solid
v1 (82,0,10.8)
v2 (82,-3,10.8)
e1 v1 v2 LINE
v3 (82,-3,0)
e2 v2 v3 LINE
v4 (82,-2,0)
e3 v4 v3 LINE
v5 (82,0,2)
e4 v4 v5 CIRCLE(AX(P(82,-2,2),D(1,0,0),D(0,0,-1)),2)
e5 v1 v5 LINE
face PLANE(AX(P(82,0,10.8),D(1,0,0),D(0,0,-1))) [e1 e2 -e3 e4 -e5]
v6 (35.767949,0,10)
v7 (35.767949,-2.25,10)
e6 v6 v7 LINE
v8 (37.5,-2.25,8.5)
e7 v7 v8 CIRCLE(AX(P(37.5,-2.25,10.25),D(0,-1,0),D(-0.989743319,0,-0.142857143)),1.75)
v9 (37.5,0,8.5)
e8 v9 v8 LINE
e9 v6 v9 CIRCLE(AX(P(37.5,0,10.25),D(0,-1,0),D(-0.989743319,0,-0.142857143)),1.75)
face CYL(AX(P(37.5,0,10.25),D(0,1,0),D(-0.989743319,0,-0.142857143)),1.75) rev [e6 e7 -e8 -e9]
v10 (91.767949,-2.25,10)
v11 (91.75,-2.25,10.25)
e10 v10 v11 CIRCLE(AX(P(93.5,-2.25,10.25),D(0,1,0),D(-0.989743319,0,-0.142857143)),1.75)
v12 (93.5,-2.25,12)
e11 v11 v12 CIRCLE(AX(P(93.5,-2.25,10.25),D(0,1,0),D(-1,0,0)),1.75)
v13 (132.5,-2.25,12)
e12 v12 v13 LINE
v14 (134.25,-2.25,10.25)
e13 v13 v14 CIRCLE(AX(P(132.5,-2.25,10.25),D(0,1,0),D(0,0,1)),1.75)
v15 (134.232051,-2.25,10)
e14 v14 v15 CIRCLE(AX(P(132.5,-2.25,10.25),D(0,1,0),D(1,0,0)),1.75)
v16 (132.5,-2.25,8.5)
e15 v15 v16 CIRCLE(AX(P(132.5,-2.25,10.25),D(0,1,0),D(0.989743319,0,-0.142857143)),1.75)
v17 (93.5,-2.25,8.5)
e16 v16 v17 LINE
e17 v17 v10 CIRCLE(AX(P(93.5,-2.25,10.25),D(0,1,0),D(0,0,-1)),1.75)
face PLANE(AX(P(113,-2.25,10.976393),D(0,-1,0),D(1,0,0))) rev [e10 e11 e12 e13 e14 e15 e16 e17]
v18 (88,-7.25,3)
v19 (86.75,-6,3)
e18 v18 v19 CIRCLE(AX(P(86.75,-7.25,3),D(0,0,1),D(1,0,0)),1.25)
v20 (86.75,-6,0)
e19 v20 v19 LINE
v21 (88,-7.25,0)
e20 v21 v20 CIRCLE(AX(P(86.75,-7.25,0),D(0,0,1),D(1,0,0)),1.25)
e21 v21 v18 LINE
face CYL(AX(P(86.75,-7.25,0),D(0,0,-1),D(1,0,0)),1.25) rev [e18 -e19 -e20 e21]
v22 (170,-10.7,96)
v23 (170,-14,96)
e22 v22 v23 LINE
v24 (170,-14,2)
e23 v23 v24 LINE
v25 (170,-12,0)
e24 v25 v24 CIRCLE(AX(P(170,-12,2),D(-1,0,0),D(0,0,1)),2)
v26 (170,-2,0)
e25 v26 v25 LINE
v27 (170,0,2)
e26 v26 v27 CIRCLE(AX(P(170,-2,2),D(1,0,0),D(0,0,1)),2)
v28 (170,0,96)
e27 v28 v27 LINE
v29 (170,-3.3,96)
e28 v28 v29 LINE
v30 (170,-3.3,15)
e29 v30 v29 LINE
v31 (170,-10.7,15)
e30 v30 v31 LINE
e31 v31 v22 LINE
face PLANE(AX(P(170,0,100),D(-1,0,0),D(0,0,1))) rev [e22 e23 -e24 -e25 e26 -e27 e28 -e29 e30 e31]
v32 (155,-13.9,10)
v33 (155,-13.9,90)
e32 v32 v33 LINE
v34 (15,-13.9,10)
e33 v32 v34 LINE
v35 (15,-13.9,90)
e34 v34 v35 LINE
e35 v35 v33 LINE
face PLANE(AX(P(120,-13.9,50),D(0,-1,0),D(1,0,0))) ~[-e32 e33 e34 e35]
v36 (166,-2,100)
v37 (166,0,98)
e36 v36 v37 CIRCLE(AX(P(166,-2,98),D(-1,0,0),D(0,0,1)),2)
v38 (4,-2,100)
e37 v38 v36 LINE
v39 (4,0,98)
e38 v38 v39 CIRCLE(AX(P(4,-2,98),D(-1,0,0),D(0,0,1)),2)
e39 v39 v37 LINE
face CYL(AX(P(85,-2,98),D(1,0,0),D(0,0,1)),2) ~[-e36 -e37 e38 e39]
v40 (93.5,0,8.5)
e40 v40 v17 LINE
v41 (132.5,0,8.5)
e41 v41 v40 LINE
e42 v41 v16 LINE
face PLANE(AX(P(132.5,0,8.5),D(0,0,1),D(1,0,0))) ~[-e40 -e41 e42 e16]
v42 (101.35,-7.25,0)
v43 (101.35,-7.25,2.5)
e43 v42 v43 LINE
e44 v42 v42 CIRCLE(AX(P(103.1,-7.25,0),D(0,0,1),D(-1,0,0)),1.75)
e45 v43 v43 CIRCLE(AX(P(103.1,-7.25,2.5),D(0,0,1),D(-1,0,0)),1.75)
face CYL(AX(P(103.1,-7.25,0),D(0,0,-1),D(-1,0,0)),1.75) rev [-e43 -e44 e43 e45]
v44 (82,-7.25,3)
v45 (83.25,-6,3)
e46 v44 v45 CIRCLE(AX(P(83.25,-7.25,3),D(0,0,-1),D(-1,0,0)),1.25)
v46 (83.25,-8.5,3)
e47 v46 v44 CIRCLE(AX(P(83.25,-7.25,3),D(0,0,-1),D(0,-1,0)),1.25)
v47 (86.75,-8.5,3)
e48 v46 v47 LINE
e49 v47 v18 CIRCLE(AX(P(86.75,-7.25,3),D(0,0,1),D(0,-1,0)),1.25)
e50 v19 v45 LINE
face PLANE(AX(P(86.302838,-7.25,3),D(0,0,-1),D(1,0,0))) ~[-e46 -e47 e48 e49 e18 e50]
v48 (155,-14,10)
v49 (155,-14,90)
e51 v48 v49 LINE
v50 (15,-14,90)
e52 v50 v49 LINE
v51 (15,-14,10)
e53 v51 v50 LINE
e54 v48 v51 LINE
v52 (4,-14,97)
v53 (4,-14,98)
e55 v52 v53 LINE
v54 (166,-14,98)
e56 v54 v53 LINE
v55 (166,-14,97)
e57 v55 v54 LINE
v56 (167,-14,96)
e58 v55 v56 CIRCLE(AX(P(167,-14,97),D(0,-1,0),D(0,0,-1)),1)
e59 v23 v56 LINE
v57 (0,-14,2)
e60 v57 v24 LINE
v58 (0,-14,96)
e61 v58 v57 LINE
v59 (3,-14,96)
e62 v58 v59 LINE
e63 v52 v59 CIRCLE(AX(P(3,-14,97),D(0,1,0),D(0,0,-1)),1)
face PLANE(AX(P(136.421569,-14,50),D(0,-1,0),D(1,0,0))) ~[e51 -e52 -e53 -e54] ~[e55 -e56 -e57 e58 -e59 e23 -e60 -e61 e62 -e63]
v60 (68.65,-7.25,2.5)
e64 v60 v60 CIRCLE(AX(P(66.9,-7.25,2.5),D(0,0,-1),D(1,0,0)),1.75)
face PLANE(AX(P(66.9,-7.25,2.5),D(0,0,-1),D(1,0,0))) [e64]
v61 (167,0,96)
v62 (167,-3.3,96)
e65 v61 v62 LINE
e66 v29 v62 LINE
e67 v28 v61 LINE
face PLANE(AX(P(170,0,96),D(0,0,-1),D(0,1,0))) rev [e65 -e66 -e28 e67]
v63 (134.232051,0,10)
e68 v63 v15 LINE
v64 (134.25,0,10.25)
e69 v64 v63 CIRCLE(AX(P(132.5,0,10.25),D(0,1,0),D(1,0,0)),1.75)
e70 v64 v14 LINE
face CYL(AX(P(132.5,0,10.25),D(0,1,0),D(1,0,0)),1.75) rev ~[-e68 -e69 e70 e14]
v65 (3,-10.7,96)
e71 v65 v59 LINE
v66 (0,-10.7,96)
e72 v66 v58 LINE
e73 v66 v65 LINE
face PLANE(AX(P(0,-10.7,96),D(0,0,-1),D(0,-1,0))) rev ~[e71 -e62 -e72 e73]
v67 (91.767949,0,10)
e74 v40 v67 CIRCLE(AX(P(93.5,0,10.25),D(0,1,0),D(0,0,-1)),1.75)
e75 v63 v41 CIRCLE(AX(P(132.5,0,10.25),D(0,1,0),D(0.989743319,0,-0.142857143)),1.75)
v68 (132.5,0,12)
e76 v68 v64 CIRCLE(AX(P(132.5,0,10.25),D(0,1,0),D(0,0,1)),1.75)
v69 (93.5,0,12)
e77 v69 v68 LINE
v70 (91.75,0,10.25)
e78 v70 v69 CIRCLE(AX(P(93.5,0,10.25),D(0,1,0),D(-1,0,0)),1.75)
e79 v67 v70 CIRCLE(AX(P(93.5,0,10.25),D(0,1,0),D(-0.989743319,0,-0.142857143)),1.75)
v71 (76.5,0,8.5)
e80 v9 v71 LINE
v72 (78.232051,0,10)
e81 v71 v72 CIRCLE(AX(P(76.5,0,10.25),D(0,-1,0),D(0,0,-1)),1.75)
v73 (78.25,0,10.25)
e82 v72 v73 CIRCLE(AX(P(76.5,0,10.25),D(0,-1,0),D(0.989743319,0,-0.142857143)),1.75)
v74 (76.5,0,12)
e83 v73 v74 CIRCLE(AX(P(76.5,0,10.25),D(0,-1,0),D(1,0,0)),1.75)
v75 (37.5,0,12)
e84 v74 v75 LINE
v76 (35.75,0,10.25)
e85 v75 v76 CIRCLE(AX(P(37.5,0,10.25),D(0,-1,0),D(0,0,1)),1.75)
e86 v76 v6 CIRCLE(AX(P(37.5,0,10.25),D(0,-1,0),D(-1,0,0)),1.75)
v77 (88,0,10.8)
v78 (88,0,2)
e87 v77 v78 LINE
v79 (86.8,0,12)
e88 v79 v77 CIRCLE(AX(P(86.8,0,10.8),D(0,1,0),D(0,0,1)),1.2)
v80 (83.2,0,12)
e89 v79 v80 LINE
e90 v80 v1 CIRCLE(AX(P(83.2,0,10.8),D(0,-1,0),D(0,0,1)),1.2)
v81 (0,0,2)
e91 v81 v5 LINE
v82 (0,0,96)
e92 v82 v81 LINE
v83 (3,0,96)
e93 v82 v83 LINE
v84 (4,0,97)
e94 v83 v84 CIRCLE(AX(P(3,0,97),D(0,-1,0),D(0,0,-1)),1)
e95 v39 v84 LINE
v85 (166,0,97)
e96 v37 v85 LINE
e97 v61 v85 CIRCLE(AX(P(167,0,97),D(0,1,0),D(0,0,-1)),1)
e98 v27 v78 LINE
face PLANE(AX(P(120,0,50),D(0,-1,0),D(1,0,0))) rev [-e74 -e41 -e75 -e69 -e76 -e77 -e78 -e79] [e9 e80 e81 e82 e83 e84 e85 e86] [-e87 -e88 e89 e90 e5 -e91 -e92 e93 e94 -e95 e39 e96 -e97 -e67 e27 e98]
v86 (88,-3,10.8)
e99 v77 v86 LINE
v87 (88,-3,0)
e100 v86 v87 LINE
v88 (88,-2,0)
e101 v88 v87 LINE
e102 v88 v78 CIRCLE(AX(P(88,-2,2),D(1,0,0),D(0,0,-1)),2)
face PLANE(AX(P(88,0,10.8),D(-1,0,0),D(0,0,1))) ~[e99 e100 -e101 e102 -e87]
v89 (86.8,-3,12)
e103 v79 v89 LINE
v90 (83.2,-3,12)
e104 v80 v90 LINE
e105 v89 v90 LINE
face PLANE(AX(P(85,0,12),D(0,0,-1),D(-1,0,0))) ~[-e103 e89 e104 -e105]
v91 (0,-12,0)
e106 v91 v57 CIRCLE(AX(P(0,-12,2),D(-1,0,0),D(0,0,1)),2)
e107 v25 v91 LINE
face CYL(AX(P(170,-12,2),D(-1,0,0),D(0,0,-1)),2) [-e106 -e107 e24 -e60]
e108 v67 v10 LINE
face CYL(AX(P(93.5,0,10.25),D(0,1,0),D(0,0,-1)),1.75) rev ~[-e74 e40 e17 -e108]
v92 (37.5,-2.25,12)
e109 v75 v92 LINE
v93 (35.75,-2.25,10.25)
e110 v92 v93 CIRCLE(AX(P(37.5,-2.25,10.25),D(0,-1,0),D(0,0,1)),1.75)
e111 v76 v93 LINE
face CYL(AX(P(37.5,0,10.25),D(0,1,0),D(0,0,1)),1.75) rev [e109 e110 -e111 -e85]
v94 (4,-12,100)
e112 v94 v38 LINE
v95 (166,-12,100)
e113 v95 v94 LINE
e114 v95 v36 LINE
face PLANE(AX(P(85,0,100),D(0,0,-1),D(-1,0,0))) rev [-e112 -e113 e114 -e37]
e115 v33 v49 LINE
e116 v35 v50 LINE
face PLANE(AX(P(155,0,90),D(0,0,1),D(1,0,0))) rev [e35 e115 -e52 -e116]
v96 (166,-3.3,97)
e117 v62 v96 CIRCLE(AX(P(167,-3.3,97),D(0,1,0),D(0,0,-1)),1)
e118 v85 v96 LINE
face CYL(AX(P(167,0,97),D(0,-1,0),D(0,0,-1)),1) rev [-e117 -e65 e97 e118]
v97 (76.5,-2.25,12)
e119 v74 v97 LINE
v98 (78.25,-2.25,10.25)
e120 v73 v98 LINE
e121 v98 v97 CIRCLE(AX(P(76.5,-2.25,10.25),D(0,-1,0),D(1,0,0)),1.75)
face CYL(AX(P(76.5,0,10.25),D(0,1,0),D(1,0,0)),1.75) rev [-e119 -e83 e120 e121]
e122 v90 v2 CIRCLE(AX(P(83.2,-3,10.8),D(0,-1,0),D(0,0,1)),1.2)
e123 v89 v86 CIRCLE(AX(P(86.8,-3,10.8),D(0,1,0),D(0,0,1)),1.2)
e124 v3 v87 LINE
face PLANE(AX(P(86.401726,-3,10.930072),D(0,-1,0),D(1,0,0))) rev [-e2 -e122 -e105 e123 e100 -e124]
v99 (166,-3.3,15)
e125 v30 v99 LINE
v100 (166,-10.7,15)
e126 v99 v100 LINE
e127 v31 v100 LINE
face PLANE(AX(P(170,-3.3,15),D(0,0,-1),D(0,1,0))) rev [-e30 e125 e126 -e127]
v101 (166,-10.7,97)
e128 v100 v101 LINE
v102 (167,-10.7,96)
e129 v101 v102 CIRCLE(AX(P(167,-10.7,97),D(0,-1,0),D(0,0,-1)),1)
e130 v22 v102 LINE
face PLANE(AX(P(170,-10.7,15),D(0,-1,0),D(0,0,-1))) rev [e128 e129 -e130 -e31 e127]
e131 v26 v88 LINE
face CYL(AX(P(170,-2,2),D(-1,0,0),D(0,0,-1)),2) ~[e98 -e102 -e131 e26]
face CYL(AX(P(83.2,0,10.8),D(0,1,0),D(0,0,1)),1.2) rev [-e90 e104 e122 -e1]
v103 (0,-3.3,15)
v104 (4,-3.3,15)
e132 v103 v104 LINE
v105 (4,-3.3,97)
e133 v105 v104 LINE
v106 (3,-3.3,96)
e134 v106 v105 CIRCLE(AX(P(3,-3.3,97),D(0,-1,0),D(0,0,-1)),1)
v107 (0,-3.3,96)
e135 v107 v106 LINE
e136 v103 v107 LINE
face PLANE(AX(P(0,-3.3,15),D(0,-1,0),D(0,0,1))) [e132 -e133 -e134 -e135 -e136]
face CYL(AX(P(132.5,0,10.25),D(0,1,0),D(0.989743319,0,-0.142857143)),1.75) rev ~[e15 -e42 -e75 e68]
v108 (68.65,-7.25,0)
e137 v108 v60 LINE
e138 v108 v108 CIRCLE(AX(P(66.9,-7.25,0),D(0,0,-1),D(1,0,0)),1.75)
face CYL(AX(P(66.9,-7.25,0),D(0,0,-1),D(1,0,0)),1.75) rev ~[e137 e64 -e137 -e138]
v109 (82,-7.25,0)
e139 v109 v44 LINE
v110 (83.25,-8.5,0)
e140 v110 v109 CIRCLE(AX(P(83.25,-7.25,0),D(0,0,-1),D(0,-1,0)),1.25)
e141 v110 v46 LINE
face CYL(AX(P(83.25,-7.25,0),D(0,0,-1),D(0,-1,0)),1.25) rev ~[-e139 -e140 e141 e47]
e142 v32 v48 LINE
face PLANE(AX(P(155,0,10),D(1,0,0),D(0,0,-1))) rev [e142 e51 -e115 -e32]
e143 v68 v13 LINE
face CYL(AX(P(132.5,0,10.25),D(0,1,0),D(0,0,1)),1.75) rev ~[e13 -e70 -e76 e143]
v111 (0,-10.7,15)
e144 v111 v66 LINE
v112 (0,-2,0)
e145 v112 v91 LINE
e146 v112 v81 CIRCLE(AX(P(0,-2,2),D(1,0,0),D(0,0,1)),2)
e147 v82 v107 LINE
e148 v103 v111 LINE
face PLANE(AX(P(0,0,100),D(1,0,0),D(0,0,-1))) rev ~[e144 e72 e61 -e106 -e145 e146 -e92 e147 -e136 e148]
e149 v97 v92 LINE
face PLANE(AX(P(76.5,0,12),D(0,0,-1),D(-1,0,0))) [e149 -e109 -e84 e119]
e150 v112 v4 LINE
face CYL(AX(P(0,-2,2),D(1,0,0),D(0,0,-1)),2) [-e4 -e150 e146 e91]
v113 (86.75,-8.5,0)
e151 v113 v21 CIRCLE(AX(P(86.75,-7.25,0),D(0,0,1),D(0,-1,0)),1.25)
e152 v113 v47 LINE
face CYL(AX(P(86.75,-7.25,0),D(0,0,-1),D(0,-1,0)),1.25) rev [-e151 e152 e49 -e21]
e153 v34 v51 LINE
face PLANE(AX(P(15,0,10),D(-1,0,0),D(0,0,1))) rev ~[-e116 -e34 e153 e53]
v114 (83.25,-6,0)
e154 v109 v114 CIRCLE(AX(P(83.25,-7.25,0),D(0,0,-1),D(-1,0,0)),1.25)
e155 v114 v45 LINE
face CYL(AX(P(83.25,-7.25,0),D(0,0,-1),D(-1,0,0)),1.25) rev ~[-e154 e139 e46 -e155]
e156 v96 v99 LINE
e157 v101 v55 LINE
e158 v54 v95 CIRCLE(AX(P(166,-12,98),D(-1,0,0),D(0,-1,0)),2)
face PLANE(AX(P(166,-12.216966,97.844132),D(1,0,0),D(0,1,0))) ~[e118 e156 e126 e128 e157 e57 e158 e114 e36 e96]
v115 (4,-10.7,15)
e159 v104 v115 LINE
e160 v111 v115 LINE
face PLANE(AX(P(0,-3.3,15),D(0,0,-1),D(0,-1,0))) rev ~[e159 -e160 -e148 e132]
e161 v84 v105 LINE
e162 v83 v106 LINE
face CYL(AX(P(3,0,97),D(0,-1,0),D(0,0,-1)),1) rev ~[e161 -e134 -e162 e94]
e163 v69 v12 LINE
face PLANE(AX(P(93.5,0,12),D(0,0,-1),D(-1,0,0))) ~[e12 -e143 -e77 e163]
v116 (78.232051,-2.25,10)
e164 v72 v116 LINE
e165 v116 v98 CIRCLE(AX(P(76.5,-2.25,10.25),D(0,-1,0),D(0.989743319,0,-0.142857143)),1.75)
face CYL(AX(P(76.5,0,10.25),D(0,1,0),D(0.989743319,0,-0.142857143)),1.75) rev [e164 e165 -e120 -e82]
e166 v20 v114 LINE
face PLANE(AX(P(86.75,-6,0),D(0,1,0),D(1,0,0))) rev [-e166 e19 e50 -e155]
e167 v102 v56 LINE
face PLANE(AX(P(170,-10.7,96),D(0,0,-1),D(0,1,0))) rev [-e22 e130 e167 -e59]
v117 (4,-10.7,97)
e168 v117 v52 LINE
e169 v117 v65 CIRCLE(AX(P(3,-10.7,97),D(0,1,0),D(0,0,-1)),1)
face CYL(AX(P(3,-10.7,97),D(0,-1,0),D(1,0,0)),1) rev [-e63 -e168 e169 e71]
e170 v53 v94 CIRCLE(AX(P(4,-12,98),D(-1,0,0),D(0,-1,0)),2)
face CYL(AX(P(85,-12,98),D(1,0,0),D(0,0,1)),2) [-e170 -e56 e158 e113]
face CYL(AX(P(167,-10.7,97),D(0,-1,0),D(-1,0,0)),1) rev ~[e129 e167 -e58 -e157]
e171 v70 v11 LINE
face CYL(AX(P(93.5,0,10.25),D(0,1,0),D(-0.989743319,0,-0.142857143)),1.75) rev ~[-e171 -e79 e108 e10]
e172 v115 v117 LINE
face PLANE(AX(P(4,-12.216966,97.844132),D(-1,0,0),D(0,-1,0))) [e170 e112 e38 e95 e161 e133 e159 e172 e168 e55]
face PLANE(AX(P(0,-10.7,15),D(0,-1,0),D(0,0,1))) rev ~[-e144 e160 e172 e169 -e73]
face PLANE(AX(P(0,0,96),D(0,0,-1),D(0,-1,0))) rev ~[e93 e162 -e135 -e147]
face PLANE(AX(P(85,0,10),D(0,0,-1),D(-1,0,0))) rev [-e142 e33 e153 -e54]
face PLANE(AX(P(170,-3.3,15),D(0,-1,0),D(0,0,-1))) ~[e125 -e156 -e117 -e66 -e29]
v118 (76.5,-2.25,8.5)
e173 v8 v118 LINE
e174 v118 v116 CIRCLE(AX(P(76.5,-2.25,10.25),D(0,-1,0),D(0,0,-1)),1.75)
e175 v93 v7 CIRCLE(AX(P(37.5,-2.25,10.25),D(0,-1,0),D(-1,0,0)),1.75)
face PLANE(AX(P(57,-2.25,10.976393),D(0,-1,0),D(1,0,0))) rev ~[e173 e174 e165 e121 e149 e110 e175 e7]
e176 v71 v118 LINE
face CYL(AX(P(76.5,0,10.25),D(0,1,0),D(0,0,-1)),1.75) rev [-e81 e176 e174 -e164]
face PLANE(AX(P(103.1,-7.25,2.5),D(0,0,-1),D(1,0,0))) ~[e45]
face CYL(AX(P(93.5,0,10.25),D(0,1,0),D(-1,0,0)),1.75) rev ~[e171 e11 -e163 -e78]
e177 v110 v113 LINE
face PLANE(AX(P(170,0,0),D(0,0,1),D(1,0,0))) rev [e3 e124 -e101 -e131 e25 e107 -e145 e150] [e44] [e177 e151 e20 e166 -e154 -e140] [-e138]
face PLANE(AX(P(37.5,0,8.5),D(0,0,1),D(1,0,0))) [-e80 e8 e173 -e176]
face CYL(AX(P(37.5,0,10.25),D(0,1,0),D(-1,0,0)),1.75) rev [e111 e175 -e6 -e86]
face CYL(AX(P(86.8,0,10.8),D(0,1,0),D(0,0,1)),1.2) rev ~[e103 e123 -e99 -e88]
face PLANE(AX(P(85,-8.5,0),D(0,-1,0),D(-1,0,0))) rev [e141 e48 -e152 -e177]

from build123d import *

# Parameters (mm, degrees)
F1_DEPTH  = 14
F2_R      = 2
F0_W      = 70
F0_H      = 80
F3_DEPTH  = 13.9
F4_W      = 7.4
F4_H      = 4
F4_H_2    = 81
F5_DEPTH  = 4
F6_R      = 1
F7_W      = 3
F7_H      = 10
F8_DEPTH  = 3
F9_DEPTH  = 2.25
F11_DEPTH = 3
F10_R     = 1.75
F12_DEPTH = 2.5


with BuildPart() as f1:
    # F0 (on Front) → F1 (new body)
    with BuildSketch(Plane.XZ):
        Polygon((0, 100), (0, 0), (85, 0), (85, 10), (15, 10), (15, 90), (85, 90), (85, 100), align=None)
    extrude(amount=F1_DEPTH)

    # F2
    f2_edges = [f1.edges().sort_by_distance(p)[0] for p in [
        (42.5, -14, 100),
        (42.5, 0, 100),
        (42.5, -14, 0),
        (42.5, 0, 0),
    ]]
    fillet(f2_edges, radius=F2_R)

    # F0 (on Front) → F3 (join)
    with BuildSketch(Plane.XZ):
        with Locations((50, 50)):
            Rectangle(F0_W, F0_H)
    extrude(amount=F3_DEPTH)

    # F4 (on face) → F5 (cut)
    with BuildSketch(Plane(origin=(0, 0, 0), x_dir=(0, -1, 0), z_dir=(-1, 0, 0))):
        with BuildLine():
            Line((12, 100), (10.7, 100))
            Line((10.7, 100), (10.7, 96))
            Line((10.7, 96), (14, 96))
            Line((14, 96), (14, 98))
            ThreePointArc((14, 98), (13.4142135624, 99.4142135624), (12, 100))
        make_face()
        with Locations((7, 98)):
            Rectangle(F4_W, F4_H)
        with BuildLine():
            Line((3.3, 96), (3.3, 100))
            Line((3.3, 100), (2, 100))
            ThreePointArc((2, 100), (0.5857864376, 99.4142135624), (0, 98))
            Line((0, 98), (0, 96))
            Line((0, 96), (3.3, 96))
        make_face()
        with Locations((7, 55.5)):
            Rectangle(F4_W, F4_H_2)
    extrude(amount=-F5_DEPTH, mode=Mode.SUBTRACT)

    # F6
    f6_edges = [f1.edges().sort_by_distance(p)[0] for p in [
        (4, -1.65, 96),
        (4, -12.35, 96),
    ]]
    fillet(f6_edges, radius=F6_R)

    # F7 (on face) → F8 (cut)
    with BuildSketch(Plane.XZ):
        with BuildLine():
            Line((82, 10.8), (82, 10))
            Line((82, 10), (85, 10))
            Line((85, 10), (85, 12))
            Line((85, 12), (83.2, 12))
            ThreePointArc((83.2, 12), (82.3514718626, 11.6485281374), (82, 10.8))
        make_face()
        with Locations((83.5, 5)):
            Rectangle(F7_W, F7_H)
    extrude(amount=F8_DEPTH, mode=Mode.SUBTRACT)

    # F7 (on face) → F9 (cut)
    with BuildSketch(Plane.XZ):
        with BuildLine():
            Line((35.7679491924, 10), (78.2320508076, 10))
            ThreePointArc((78.2320508076, 10), (78.245506934, 10.1246782406), (78.25, 10.25))
            ThreePointArc((78.25, 10.25), (77.7374368671, 11.4874368671), (76.5, 12))
            Line((76.5, 12), (37.5, 12))
            ThreePointArc((37.5, 12), (36.2625631329, 11.4874368671), (35.75, 10.25))
            ThreePointArc((35.75, 10.25), (35.754493066, 10.1246782406), (35.7679491924, 10))
        make_face()
        with BuildLine():
            ThreePointArc((76.5, 8.5), (77.6456439237, 8.9271243445), (78.2320508076, 10))
            Line((78.2320508076, 10), (35.7679491924, 10))
            ThreePointArc((35.7679491924, 10), (36.3543560763, 8.9271243445), (37.5, 8.5))
            Line((37.5, 8.5), (76.5, 8.5))
        make_face()
    extrude(amount=F9_DEPTH, mode=Mode.SUBTRACT)

    # F10 (on face) → F11 (cut)
    with BuildSketch(Plane(origin=(0, 0, 0), x_dir=(1, 0, 0), z_dir=(0, 0, -1))):
        with BuildLine():
            Line((83.25, 6), (85, 6))
            Line((85, 6), (85, 8.5))
            Line((85, 8.5), (83.25, 8.5))
            ThreePointArc((83.25, 8.5), (82.3661165235, 8.1338834765), (82, 7.25))
            ThreePointArc((82, 7.25), (82.3661165235, 6.3661165235), (83.25, 6))
        make_face()
    extrude(amount=-F11_DEPTH, mode=Mode.SUBTRACT)

    # F10 (on face) → F12 (cut)
    with BuildSketch(Plane(origin=(0, 0, 0), x_dir=(1, 0, 0), z_dir=(0, 0, -1))):
        with Locations((66.9, 7.25)):
            Circle(F10_R)
    extrude(amount=-F12_DEPTH, mode=Mode.SUBTRACT)

    # F13: F1 across face


with BuildPart() as f1_1:
    add(f1.part)
    add(f1.part.mirror(Plane(origin=(85, -7.100228209, 51.4155420461), x_dir=(0, 1, 0), z_dir=(1, 0, 0))))


solid = f1_1.part
